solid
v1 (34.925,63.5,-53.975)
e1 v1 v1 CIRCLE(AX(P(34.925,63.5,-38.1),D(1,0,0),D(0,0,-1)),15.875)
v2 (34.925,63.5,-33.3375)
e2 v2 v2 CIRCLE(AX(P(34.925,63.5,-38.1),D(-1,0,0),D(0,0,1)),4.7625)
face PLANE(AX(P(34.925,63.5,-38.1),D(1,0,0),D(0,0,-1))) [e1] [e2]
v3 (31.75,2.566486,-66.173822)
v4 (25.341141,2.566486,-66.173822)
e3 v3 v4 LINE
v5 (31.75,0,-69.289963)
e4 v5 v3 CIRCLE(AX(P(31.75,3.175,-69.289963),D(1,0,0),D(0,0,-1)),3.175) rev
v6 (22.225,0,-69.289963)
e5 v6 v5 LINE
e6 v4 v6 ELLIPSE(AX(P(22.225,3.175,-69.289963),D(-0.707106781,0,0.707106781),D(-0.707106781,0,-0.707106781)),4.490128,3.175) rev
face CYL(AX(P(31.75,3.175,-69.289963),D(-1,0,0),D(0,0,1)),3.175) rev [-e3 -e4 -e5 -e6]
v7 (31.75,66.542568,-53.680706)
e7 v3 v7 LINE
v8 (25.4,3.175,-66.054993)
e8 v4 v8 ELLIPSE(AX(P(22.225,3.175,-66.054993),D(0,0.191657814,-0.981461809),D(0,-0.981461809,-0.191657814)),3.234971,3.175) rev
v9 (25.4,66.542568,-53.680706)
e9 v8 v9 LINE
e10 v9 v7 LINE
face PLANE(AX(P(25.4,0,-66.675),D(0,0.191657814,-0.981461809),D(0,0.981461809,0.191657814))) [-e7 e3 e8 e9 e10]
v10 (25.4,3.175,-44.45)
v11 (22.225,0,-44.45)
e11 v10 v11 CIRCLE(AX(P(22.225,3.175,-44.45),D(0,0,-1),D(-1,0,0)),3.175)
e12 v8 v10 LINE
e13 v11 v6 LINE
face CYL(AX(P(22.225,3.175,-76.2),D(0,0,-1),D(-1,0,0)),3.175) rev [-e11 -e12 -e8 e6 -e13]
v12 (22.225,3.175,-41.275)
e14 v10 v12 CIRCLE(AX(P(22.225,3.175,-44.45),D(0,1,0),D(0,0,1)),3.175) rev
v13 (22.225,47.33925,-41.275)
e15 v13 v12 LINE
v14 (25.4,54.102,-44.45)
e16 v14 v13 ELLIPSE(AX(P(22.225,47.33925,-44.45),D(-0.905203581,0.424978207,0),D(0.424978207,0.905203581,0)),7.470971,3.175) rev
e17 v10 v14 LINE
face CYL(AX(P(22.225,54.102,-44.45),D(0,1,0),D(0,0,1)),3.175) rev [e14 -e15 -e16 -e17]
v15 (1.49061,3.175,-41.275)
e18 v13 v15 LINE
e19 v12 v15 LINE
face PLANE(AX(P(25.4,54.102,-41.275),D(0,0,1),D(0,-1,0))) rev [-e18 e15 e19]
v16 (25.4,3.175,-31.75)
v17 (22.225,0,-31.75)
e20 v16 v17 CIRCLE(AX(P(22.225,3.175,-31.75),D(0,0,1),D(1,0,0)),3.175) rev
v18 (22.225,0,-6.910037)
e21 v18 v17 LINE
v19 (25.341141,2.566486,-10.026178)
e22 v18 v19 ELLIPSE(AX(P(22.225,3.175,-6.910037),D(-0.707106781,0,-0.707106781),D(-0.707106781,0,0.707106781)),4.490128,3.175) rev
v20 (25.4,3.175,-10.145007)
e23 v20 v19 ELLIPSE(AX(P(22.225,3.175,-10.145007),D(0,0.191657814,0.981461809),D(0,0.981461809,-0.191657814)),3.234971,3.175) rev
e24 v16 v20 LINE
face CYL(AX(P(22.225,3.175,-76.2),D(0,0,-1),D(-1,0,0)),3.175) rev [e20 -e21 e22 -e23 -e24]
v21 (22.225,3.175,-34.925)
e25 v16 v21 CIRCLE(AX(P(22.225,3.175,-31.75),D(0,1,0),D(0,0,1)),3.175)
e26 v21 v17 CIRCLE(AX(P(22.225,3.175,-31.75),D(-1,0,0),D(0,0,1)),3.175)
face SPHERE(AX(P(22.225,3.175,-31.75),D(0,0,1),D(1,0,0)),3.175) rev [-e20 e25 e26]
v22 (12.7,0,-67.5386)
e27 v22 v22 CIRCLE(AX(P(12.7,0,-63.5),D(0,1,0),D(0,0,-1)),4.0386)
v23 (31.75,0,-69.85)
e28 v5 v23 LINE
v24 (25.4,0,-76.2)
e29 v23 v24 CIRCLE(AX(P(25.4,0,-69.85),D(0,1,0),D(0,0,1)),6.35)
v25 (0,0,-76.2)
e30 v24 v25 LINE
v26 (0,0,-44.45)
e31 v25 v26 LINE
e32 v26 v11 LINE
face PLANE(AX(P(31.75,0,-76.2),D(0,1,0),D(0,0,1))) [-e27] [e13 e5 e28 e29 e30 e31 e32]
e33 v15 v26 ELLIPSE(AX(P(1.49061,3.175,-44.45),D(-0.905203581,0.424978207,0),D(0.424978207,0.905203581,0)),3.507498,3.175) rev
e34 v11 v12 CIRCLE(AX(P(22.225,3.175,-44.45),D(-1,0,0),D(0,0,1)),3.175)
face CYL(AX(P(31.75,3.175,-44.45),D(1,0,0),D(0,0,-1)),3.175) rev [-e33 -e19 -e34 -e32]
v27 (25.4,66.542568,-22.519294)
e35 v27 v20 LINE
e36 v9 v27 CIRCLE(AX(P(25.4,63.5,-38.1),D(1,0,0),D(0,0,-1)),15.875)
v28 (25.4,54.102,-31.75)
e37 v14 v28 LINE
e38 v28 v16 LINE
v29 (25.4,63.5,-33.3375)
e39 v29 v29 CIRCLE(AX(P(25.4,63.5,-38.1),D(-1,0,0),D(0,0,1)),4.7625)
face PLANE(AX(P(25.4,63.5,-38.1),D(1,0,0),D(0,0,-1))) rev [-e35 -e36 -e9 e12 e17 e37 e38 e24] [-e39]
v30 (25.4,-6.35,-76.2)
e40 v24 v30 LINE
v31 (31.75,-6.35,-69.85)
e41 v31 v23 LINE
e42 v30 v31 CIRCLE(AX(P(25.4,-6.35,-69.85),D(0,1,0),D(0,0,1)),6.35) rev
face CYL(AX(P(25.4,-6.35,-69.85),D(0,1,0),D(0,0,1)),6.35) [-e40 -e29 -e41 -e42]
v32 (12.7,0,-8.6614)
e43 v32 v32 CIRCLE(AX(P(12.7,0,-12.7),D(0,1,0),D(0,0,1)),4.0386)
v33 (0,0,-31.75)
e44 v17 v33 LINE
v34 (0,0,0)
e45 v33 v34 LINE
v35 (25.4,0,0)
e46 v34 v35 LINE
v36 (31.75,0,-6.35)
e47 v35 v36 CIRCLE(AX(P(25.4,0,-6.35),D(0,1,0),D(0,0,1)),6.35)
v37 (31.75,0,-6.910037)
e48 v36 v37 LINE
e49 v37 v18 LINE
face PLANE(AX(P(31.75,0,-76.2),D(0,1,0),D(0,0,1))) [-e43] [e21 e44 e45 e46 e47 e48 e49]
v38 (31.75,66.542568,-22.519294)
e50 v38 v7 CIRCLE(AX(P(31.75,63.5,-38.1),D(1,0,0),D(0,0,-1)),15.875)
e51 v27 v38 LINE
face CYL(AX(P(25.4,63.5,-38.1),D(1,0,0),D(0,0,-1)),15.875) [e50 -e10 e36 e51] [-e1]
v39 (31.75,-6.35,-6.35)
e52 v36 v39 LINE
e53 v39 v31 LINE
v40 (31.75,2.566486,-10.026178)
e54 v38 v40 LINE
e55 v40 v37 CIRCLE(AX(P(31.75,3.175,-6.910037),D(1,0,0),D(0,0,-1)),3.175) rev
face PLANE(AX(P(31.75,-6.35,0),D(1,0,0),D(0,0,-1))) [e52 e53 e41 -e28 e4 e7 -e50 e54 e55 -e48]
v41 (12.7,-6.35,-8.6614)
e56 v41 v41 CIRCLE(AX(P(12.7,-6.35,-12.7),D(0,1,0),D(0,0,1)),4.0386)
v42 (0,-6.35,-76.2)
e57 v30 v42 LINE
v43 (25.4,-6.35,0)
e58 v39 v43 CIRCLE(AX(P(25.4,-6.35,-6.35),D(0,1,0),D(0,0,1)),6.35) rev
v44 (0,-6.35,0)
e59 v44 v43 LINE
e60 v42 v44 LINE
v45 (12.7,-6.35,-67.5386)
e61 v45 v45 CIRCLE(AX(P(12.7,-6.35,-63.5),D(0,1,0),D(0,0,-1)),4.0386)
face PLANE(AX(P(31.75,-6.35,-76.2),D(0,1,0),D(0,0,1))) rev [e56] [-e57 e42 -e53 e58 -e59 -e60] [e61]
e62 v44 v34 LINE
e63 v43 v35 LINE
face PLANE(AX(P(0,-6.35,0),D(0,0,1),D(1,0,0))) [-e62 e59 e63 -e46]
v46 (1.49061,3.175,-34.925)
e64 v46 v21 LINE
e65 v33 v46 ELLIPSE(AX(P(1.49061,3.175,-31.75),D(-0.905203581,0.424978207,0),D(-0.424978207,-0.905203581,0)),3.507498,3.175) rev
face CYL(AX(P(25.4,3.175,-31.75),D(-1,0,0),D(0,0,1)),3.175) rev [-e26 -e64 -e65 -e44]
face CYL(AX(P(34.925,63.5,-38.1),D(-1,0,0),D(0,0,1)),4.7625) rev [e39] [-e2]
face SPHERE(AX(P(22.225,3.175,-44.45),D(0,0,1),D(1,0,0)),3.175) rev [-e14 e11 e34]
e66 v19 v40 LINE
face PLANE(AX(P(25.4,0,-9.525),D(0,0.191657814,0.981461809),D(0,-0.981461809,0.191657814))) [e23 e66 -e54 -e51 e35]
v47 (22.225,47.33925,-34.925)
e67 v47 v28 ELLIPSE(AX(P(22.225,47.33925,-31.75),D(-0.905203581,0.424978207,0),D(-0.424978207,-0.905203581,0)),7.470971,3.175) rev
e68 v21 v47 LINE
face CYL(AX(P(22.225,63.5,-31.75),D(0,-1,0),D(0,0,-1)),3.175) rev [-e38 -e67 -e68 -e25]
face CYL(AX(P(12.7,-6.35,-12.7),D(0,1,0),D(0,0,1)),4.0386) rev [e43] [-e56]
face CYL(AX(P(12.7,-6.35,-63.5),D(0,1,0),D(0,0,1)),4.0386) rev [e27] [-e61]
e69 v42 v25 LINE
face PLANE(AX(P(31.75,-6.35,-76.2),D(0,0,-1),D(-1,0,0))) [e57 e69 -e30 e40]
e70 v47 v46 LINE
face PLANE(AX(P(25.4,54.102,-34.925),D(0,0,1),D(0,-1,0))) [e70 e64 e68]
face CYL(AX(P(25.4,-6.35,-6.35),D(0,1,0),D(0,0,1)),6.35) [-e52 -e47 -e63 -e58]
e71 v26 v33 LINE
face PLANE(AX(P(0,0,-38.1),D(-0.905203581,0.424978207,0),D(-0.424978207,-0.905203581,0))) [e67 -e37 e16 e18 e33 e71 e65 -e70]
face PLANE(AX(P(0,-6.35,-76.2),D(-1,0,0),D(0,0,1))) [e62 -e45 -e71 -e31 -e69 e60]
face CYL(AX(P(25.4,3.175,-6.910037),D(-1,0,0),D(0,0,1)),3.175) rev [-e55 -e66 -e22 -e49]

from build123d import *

# Parameters (mm, degrees)
SKETCH2_W       = 31.75
SKETCH2_H       = 76.2
SKETCH2_R       = 4.0386
EXTRUDE1_DEPTH  = 6.35
EXTRUDE2_DEPTH  = 6.35
EXTRUDE3_START  = 3.175
SKETCH4_R       = 15.875
EXTRUDE3_DEPTH  = 3.175
RIB1_REACH      = 117.441
SKETCH6_WALLS_W = 6.35
SKETCH6_WALLS_H = 292.649439439
SKETCH7_R       = 4.7625
EXTRUDE4_DEPTH  = 107.729125594
FILLET1_R       = 3.175
FILLET2_R       = 6.35


with BuildPart() as part:
    # Sketch2 → Extrude1 (new body)
    with BuildSketch(Plane(origin=(0, 0, 0), x_dir=(1, 0, 0), z_dir=(0, 1, 0))):
        with Locations((15.875, 38.1)):
            Rectangle(SKETCH2_W, SKETCH2_H)
        with Locations(Location((12.7, 12.7, 0), (0, 0, 270))):
            Circle(SKETCH2_R, mode=Mode.SUBTRACT)
        with Locations(Location((12.7, 63.5, 0), (0, 0, 90))):
            Circle(SKETCH2_R, mode=Mode.SUBTRACT)
    extrude(amount=-EXTRUDE1_DEPTH)

    # Sketch3 → Extrude2 (add)
    with BuildSketch(Plane(origin=(31.75, 0, 0), x_dir=(0, 0, -1), z_dir=(1, 0, 0))):
        with BuildLine():
            Line((9.525, 0), (66.675, 0))
            Line((66.675, 0), (53.680706216, 66.542567797))
            ThreePointArc((53.680706216, 66.542567797), (38.1, 79.375), (22.519293784, 66.542567797))
            Line((22.519293784, 66.542567797), (9.525, 0))
        make_face()
    extrude(amount=-EXTRUDE2_DEPTH)

    # Sketch4 → Extrude3 (add)
    with BuildSketch(Plane(origin=(31.75, 0, 0), x_dir=(0, 0, -1), z_dir=(1, 0, 0)).offset(EXTRUDE3_START)):
        with Locations((38.1, 63.5)):
            Circle(SKETCH4_R)
    extrude(amount=-EXTRUDE3_DEPTH)

    # Sketch6 walls → Rib1 (add, up to next)
    with BuildSketch(Plane(origin=(0, 0, 0), x_dir=(0, 0, 1), z_dir=(-0.9052035812190267, 0.42497820714508305, 0)), mode=Mode.PRIVATE) as rib1_sk1:
        with Locations((-38.1, 29.883885307)):
            Rectangle(SKETCH6_WALLS_W, SKETCH6_WALLS_H)
    rib1_tool1 = extrude(rib1_sk1.sketch, amount=-RIB1_REACH, mode=Mode.PRIVATE) - part.part
    add(rib1_tool1.solids().sort_by_distance((12.7, 27.051, -38.1))[0])

    # Sketch7 → Extrude4 (cut, through all)
    with BuildSketch(Plane(origin=(25.4, 0, -9.525), x_dir=(0, 0, 1), z_dir=(-1, 0, 0))):
        with Locations((-28.575, 63.5)):
            Circle(SKETCH7_R)
    extrude(amount=-EXTRUDE4_DEPTH, mode=Mode.SUBTRACT)

    # Fillet1
    fillet1_edges = [part.edges().sort_by_distance(p)[0] for p in [
        (28.575, 0, -66.675),
        (28.575, 0, -9.525),
        (25.4, 0, -22.225),
        (25.4, 27.051, -34.925),
        (12.7, 0, -34.925),
        (25.4, 27.051, -41.275),
        (12.7, 0, -41.275),
        (25.4, 0, -53.975),
    ]]
    fillet(fillet1_edges, radius=FILLET1_R)

    # Fillet2
    fillet2_edges = [part.edges().sort_by_distance(p)[0] for p in [
        (31.75, -3.175, -76.2),
        (31.75, -3.175, 0),
    ]]
    fillet(fillet2_edges, radius=FILLET2_R)


solid = part.part
